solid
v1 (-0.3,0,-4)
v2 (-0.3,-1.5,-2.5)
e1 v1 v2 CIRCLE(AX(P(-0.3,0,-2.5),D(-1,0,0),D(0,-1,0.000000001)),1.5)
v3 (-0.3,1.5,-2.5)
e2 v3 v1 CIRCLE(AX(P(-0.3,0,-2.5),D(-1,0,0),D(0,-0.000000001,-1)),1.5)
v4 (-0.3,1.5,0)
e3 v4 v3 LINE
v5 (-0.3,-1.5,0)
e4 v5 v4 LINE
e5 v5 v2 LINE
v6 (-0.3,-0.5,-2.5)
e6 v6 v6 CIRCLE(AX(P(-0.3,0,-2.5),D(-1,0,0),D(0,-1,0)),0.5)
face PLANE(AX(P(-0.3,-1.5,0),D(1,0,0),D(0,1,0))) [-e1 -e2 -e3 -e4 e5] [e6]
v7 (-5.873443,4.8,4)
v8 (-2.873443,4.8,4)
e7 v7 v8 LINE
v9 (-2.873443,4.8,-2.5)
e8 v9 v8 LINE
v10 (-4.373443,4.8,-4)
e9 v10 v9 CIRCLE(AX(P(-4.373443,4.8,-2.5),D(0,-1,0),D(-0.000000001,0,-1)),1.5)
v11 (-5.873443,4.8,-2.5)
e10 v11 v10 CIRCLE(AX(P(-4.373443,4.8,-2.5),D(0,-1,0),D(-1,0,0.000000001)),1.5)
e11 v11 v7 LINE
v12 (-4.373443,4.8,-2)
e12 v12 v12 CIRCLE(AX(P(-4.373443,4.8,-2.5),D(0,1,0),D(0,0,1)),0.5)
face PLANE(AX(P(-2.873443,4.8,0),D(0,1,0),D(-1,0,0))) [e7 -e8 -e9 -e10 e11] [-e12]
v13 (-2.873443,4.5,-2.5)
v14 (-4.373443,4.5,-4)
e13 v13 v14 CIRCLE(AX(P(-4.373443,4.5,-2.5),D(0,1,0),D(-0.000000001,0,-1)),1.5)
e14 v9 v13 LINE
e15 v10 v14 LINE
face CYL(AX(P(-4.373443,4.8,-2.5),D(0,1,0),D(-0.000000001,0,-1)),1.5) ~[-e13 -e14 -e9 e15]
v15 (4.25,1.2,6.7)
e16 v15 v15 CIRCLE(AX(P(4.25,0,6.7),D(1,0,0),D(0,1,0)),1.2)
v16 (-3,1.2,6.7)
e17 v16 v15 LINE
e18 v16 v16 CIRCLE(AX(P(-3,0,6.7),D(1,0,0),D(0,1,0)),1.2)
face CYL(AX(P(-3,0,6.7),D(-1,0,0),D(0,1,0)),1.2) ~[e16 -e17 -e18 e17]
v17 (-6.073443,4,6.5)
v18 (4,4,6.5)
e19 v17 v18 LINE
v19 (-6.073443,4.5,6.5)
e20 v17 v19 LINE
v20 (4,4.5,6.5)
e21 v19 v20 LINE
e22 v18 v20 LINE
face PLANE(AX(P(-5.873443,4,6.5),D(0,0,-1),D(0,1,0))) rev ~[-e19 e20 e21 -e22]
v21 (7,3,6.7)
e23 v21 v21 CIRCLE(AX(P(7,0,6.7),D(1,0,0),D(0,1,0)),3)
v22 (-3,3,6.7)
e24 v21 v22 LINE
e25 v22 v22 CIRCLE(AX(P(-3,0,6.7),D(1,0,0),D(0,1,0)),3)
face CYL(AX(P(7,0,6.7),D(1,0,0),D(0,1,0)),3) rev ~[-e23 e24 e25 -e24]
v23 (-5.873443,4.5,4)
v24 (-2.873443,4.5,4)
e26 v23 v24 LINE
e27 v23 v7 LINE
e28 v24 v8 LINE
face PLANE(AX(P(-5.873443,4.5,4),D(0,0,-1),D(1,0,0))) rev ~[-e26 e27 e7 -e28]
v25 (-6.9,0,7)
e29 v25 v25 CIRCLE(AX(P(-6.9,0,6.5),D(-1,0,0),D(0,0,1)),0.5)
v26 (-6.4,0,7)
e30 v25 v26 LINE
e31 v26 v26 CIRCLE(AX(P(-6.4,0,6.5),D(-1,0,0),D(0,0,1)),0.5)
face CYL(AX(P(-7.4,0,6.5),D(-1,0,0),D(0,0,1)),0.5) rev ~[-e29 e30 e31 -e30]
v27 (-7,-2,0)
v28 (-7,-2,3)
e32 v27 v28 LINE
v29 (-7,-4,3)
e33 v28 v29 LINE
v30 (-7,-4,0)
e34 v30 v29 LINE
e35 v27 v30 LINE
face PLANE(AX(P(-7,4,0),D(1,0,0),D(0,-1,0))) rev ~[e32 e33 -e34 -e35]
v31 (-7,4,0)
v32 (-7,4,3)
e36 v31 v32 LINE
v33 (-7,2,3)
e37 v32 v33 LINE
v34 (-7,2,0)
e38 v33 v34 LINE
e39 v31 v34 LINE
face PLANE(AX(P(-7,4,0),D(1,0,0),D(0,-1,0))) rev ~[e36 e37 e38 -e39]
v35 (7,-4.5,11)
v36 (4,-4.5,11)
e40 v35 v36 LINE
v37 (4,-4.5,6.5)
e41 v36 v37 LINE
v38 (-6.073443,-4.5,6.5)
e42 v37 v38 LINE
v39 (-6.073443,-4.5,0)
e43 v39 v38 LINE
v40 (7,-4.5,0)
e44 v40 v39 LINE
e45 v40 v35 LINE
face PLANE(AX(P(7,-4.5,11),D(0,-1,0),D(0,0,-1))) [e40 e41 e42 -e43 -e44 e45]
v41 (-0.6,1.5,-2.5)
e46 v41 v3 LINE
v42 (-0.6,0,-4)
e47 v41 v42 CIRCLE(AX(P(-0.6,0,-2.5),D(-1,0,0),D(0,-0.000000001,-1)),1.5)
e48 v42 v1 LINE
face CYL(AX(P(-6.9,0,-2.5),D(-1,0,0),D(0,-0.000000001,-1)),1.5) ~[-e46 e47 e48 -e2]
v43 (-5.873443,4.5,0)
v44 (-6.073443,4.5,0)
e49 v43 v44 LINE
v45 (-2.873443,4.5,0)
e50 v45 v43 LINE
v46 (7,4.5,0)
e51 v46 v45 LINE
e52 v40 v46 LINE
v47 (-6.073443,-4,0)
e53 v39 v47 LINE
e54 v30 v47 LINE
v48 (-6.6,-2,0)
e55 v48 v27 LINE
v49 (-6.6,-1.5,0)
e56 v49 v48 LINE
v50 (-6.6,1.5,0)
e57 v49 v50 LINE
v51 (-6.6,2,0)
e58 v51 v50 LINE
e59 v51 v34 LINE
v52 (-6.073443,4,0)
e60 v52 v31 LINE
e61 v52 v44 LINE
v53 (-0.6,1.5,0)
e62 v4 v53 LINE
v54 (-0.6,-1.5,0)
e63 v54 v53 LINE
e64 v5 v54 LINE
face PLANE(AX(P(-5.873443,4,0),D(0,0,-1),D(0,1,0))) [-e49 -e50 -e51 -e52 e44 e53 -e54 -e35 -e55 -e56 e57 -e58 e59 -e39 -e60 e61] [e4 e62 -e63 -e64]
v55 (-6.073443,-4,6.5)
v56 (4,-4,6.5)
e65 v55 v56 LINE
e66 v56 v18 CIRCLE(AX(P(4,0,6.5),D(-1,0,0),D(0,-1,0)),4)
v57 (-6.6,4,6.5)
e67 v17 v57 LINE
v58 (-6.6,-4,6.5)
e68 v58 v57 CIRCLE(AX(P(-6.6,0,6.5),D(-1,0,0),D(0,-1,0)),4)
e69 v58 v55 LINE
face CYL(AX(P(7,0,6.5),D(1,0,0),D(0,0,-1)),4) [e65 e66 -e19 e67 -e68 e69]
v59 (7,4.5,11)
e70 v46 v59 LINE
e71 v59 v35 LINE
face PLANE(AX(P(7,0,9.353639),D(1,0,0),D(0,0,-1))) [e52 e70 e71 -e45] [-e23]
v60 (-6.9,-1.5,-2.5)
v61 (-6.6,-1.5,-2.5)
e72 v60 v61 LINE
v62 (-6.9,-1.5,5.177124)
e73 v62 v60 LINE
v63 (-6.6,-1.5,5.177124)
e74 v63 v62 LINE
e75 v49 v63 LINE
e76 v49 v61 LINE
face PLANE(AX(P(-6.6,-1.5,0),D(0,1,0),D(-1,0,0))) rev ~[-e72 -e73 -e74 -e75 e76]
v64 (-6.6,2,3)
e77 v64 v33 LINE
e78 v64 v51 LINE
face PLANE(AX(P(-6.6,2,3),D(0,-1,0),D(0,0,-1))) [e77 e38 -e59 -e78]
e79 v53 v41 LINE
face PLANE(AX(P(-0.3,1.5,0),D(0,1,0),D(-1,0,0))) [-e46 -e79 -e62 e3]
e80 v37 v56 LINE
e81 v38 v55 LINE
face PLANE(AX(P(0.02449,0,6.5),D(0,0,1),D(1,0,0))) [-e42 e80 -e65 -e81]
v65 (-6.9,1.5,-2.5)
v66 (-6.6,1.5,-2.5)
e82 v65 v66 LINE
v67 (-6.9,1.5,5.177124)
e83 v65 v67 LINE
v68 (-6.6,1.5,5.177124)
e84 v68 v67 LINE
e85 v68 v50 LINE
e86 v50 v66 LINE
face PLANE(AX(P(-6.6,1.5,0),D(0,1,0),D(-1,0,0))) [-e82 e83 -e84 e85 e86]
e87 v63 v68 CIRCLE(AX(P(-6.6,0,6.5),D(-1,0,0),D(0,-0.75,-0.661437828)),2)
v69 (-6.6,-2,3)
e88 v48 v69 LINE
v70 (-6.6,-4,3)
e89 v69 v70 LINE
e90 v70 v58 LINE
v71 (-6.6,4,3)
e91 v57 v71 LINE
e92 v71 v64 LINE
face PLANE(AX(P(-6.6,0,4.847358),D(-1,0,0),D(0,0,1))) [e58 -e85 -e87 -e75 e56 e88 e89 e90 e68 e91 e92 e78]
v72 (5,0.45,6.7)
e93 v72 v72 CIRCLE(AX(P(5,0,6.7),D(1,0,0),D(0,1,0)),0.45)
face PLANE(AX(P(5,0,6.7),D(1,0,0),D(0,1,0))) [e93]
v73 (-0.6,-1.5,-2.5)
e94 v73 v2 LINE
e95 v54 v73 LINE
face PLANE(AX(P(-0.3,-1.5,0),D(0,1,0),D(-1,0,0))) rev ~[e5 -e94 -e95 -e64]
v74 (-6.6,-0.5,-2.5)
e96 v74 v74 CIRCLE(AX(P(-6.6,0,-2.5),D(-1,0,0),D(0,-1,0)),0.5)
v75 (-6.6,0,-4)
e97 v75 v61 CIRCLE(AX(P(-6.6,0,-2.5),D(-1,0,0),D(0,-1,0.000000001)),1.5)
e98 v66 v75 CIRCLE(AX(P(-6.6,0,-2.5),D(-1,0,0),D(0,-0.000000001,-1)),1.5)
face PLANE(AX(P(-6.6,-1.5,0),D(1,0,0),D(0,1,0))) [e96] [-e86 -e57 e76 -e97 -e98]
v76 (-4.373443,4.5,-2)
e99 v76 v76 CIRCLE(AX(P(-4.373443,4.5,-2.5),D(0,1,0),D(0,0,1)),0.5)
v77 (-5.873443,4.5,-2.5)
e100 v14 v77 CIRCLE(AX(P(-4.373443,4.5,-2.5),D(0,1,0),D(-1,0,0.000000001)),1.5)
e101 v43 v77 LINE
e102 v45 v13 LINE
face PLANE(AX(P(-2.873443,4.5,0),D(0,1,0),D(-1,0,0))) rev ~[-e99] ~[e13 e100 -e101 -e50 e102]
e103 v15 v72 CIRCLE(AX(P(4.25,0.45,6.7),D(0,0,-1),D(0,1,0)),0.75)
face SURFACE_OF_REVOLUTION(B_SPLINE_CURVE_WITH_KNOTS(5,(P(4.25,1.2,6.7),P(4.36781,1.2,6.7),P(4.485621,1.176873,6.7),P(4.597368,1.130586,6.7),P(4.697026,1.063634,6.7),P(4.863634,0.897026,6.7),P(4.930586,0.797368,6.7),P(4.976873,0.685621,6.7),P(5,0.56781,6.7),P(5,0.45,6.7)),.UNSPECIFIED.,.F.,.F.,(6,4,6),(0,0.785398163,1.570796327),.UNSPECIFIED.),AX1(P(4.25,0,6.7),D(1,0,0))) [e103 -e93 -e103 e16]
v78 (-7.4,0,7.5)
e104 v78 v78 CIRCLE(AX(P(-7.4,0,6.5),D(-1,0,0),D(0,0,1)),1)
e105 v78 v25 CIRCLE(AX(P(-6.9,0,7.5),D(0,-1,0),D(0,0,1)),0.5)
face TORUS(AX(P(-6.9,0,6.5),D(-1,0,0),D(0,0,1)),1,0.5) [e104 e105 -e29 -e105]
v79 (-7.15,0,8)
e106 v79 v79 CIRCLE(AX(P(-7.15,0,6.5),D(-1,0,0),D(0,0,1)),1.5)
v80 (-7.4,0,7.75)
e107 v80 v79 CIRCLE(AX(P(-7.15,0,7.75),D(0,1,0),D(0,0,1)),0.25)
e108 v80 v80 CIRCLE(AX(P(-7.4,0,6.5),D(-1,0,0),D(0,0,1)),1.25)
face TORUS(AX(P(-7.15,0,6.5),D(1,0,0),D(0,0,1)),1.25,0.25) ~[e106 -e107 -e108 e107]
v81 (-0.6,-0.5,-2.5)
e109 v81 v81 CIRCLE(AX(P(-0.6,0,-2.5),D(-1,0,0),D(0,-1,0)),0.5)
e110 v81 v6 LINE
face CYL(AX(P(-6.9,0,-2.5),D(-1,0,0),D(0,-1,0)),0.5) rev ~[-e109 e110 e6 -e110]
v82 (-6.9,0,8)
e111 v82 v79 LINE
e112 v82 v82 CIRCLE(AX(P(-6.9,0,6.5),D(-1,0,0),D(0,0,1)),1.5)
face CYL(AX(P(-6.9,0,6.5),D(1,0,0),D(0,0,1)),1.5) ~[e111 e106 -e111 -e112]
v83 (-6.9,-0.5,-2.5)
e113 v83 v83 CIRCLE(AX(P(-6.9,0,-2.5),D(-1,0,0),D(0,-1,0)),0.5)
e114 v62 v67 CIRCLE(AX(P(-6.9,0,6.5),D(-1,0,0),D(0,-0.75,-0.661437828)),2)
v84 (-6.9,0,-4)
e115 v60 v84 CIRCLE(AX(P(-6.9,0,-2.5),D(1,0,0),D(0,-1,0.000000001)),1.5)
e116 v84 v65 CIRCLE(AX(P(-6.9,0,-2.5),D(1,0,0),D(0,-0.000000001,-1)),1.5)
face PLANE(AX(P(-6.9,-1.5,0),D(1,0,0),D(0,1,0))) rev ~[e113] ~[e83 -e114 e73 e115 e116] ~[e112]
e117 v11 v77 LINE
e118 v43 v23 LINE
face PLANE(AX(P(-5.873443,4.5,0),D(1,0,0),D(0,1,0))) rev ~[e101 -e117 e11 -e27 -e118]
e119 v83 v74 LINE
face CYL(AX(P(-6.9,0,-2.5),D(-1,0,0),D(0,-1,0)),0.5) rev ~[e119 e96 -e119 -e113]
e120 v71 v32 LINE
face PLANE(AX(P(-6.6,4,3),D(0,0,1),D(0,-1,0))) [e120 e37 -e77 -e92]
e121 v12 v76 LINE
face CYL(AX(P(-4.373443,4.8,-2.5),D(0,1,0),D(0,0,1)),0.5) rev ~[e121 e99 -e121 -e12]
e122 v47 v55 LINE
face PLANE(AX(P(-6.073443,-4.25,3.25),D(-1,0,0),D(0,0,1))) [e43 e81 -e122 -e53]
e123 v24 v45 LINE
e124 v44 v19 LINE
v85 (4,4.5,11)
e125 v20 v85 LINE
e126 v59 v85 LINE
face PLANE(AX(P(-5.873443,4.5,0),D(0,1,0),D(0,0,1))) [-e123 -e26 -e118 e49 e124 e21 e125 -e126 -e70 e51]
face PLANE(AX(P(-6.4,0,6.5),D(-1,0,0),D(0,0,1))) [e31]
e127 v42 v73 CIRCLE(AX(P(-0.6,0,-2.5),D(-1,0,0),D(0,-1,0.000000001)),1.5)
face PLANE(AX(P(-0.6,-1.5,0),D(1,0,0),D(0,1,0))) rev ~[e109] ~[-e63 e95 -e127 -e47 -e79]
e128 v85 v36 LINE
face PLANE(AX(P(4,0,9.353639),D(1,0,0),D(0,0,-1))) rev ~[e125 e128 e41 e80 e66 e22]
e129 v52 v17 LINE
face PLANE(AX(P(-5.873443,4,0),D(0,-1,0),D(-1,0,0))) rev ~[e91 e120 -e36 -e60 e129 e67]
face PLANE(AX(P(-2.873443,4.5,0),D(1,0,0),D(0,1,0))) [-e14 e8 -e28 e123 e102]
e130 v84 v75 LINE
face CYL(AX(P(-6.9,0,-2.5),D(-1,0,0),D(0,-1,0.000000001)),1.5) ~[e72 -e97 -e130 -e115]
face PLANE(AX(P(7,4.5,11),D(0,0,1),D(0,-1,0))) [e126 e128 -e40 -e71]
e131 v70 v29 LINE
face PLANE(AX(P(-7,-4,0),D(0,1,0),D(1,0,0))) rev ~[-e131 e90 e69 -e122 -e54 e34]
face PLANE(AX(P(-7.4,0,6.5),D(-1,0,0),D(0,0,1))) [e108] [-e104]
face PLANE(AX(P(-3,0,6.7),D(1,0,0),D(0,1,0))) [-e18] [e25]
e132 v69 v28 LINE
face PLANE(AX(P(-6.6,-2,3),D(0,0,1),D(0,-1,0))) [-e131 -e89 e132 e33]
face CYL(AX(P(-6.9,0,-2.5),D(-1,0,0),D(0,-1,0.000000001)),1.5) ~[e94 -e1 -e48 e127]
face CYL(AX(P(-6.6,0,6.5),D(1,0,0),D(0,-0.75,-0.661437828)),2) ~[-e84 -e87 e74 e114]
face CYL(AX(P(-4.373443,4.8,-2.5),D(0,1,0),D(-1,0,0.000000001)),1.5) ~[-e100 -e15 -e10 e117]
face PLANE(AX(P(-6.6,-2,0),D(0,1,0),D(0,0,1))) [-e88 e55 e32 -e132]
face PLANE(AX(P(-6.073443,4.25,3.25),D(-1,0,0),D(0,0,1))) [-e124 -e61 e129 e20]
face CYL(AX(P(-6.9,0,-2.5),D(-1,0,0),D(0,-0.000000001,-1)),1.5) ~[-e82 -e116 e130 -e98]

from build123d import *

# Parameters (mm, degrees)
BOSS_EXTRUDE1_DEPTH  = 6.5
BOSS_EXTRUDE2_REACH  = 18.078
SKETCH2_R            = 4
BOSS_EXTRUDE3_DEPTH  = 3
CUT_EXTRUDE1_START   = -0.4
CUT_EXTRUDE1_DEPTH   = 0.4
SKETCH5_W            = 3
SKETCH5_H            = 4
BOSS_EXTRUDE4_DEPTH  = 0.3
SKETCH6_W            = 3
SKETCH6_H            = 0.3
BOSS_EXTRUDE5_DEPTH  = 4
SKETCH7_R            = 0.5
CUT_EXTRUDE4_DEPTH   = 17.01530518
SKETCH8_W            = 6.5
SKETCH8_H            = 0.5
BOSS_EXTRUDE6_DEPTH  = 0.2
BOSS_EXTRUDE7_DEPTH  = 0.3
SKETCH10_W           = 0.3
SKETCH10_H           = 3
BOSS_EXTRUDE8_DEPTH  = 4
SKETCH12_W           = 0.3
SKETCH12_H           = 3
BOSS_EXTRUDE9_DEPTH  = 4
SKETCH11_R           = 0.5
CUT_EXTRUDE5_DEPTH   = 19.364367672
SKETCH13_R           = 3
CUT_EXTRUDE6_DEPTH   = 10
SKETCH14_R           = 1.5
BOSS_EXTRUDE10_DEPTH = 0.5
SKETCH15_R           = 0.5
CUT_EXTRUDE7_DEPTH   = 1
FILLET1_R            = 0.5
FILLET2_R            = 0.25
SKETCH16_R           = 1.2
BOSS_EXTRUDE11_DEPTH = 8
FILLET4_R            = 0.75


with BuildPart() as part:
    # Sketch1 → Boss-Extrude1 (new body)
    with BuildSketch(Plane.XY):
        Polygon((7, 4.5), (-5.873443246, 4.5), (-5.873443246, 4), (-7, 4), (-7, -4), (-5.873443246, -4), (-5.873443246, -4.5), (7, -4.5), align=None)
    extrude(amount=BOSS_EXTRUDE1_DEPTH)

    # Boss-Extrude2: up to this face of the body (flat: up to its plane)
    boss_extrude2_end = Plane(part.part.faces().sort_by_distance((-7, 0, 3.25))[0])
    # Sketch2 → Boss-Extrude2 (add, up to the picked face)
    with BuildSketch(Plane(origin=(7, 0, 0), x_dir=(0, 0, -1), z_dir=(1, 0, 0)), mode=Mode.PRIVATE) as boss_extrude2_sk1:
        with Locations((-6.5, 0)):
            Circle(SKETCH2_R)
    boss_extrude2_tool1 = split(extrude(boss_extrude2_sk1.sketch, amount=-BOSS_EXTRUDE2_REACH, mode=Mode.PRIVATE), bisect_by=boss_extrude2_end, keep=Keep.BOTH, mode=Mode.PRIVATE)
    add(boss_extrude2_tool1.solids().sort_by(Axis((7, 0, 6.5), (-1, 0, 0)))[0])

    # Sketch3 → Boss-Extrude3 (add)
    with BuildSketch(Plane(origin=(7, 0, 0), x_dir=(0, 0, -1), z_dir=(1, 0, 0))):
        with BuildLine():
            Line((-11, -4.5), (-6.5, -4.5))
            Line((-6.5, -4.5), (-6.5, -4))
            ThreePointArc((-6.5, -4), (-10.5, 0), (-6.5, 4))
            Line((-6.5, 4), (-6.5, 4.5))
            Line((-6.5, 4.5), (-11, 4.5))
            Line((-11, 4.5), (-11, 0.782604766))
            Line((-11, 0.782604766), (-11, -4.5))
        make_face()
    extrude(amount=-BOSS_EXTRUDE3_DEPTH)

    # Sketch4 → Cut-Extrude1 (cut)
    with BuildSketch(Plane.ZY.offset(7).offset(CUT_EXTRUDE1_START)):
        with BuildLine():
            Line((3, 4), (3, 2))
            Line((3, 2), (0, 2))
            Line((0, 2), (0, -2))
            Line((0, -2), (3, -2))
            Line((3, -2), (3, -4))
            Line((3, -4), (6.5, -4))
            ThreePointArc((6.5, -4), (10.5, 0), (6.5, 4))
            Line((6.5, 4), (3, 4))
        make_face()
    extrude(amount=CUT_EXTRUDE1_DEPTH, mode=Mode.SUBTRACT)

    # Sketch5 → Boss-Extrude4 (add)
    with BuildSketch(Plane(origin=(0, 4.5, 0), x_dir=(1, 0, 0), z_dir=(0, 1, 0))):
        with Locations((-4.373443246, -2)):
            Rectangle(SKETCH5_W, SKETCH5_H)
    extrude(amount=BOSS_EXTRUDE4_DEPTH)

    # Sketch6 → Boss-Extrude5 (add)
    with BuildSketch(Plane(origin=(0, 0, 0), x_dir=(-1, 0, 0), z_dir=(0, 0, -1))):
        with Locations((4.373443246, 4.65)):
            Rectangle(SKETCH6_W, SKETCH6_H)
    extrude(amount=BOSS_EXTRUDE5_DEPTH)

    # Sketch7 → Cut-Extrude4 (cut, through all)
    with BuildSketch(Plane(origin=(0, 4.8, 0), x_dir=(1, 0, 0), z_dir=(0, 1, 0))):
        with Locations(Location((-4.373443246, 2.5, 0), (0, 0, 270))):
            Circle(SKETCH7_R)
        with BuildLine():
            Line((-5.873443246, 4), (-5.873443246, 2.5))
            ThreePointArc((-5.873443246, 2.5), (-5.434103418, 3.560660172), (-4.373443246, 4))
            Line((-4.373443246, 4), (-5.873443246, 4))
        make_face()
        with BuildLine():
            Line((-2.873443246, 4), (-4.373443246, 4))
            ThreePointArc((-4.373443246, 4), (-3.312783074, 3.560660172), (-2.873443246, 2.5))
            Line((-2.873443246, 2.5), (-2.873443246, 4))
        make_face()
    extrude(amount=-CUT_EXTRUDE4_DEPTH, mode=Mode.SUBTRACT)

    # Sketch8 → Boss-Extrude6 (add)
    with BuildSketch(Plane.ZY.offset(5.873443246)):
        with Locations((3.25, 4.25)):
            Rectangle(SKETCH8_W, SKETCH8_H)
        with Locations((3.25, -4.25)):
            Rectangle(SKETCH8_W, SKETCH8_H)
    extrude(amount=BOSS_EXTRUDE6_DEPTH)

    # Sketch9 → Boss-Extrude7 (add)
    with BuildSketch(Plane.ZY.offset(6.6)):
        with BuildLine():
            Line((5.177124344, 1.5), (0, 1.5))
            Line((0, 1.5), (0, -1.5))
            Line((0, -1.5), (5.177124344, -1.5))
            ThreePointArc((5.177124344, -1.5), (8.5, 0), (5.177124344, 1.5))
        make_face()
    extrude(amount=BOSS_EXTRUDE7_DEPTH)

    # Sketch10 → Boss-Extrude8 (add)
    with BuildSketch(Plane(origin=(0, 0, 0), x_dir=(-1, 0, 0), z_dir=(0, 0, -1))):
        with Locations((6.75, 0)):
            Rectangle(SKETCH10_W, SKETCH10_H)
    extrude(amount=BOSS_EXTRUDE8_DEPTH)

    # Sketch12 → Boss-Extrude9 (add)
    with BuildSketch(Plane(origin=(0, 0, 0), x_dir=(-1, 0, 0), z_dir=(0, 0, -1))):
        with Locations((0.45, 0)):
            Rectangle(SKETCH12_W, SKETCH12_H)
    extrude(amount=BOSS_EXTRUDE9_DEPTH)

    # Sketch11 → Cut-Extrude5 (cut, through all)
    with BuildSketch(Plane.ZY.offset(6.9)):
        with Locations(Location((-2.5, 0, 0), (0, 0, 270))):
            Circle(SKETCH11_R)
        with BuildLine():
            Line((-2.5, 1.5), (-4, 1.5))
            Line((-4, 1.5), (-4, 0))
            ThreePointArc((-4, 0), (-3.560660172, 1.060660172), (-2.5, 1.5))
        make_face()
        with BuildLine():
            ThreePointArc((-2.5, -1.5), (-3.560660172, -1.060660172), (-4, 0))
            Line((-4, 0), (-4, -1.5))
            Line((-4, -1.5), (-2.5, -1.5))
        make_face()
    extrude(amount=-CUT_EXTRUDE5_DEPTH, mode=Mode.SUBTRACT)

    # Sketch13 → Cut-Extrude6 (cut)
    with BuildSketch(Plane(origin=(7, 0, 0), x_dir=(0, 0, -1), z_dir=(1, 0, 0))):
        with Locations(Location((-6.7, 0, 0), (0, 0, 90))):
            Circle(SKETCH13_R)
    extrude(amount=-CUT_EXTRUDE6_DEPTH, mode=Mode.SUBTRACT)

    # Sketch14 → Boss-Extrude10 (add)
    with BuildSketch(Plane.ZY.offset(6.9)):
        with Locations((6.5, 0)):
            Circle(SKETCH14_R)
    extrude(amount=BOSS_EXTRUDE10_DEPTH)

    # Sketch15 → Cut-Extrude7 (cut)
    with BuildSketch(Plane.ZY.offset(7.4)):
        with Locations((6.5, 0)):
            Circle(SKETCH15_R)
    extrude(amount=-CUT_EXTRUDE7_DEPTH, mode=Mode.SUBTRACT)

    # Fillet1
    fillet1_edges = [part.edges().sort_by_distance(p)[0] for p in [
        (-7.4, 0, 6),
    ]]
    fillet(fillet1_edges, radius=FILLET1_R)

    # Fillet2
    fillet2_edges = [part.edges().sort_by_distance(p)[0] for p in [
        (-7.4, 0, 5),
    ]]
    fillet(fillet2_edges, radius=FILLET2_R)

    # Sketch16 → Boss-Extrude11 (add)
    with BuildSketch(Plane(origin=(-3, 0, 0), x_dir=(0, 0, -1), z_dir=(1, 0, 0))):
        with Locations(Location((-6.7, 0, 0), (0, 0, 90))):
            Circle(SKETCH16_R)
    extrude(amount=BOSS_EXTRUDE11_DEPTH)

    # Fillet4
    fillet4_edges = [part.edges().sort_by_distance(p)[0] for p in [
        (5, -1.2, 6.7),
    ]]
    fillet(fillet4_edges, radius=FILLET4_R)


solid = part.part
